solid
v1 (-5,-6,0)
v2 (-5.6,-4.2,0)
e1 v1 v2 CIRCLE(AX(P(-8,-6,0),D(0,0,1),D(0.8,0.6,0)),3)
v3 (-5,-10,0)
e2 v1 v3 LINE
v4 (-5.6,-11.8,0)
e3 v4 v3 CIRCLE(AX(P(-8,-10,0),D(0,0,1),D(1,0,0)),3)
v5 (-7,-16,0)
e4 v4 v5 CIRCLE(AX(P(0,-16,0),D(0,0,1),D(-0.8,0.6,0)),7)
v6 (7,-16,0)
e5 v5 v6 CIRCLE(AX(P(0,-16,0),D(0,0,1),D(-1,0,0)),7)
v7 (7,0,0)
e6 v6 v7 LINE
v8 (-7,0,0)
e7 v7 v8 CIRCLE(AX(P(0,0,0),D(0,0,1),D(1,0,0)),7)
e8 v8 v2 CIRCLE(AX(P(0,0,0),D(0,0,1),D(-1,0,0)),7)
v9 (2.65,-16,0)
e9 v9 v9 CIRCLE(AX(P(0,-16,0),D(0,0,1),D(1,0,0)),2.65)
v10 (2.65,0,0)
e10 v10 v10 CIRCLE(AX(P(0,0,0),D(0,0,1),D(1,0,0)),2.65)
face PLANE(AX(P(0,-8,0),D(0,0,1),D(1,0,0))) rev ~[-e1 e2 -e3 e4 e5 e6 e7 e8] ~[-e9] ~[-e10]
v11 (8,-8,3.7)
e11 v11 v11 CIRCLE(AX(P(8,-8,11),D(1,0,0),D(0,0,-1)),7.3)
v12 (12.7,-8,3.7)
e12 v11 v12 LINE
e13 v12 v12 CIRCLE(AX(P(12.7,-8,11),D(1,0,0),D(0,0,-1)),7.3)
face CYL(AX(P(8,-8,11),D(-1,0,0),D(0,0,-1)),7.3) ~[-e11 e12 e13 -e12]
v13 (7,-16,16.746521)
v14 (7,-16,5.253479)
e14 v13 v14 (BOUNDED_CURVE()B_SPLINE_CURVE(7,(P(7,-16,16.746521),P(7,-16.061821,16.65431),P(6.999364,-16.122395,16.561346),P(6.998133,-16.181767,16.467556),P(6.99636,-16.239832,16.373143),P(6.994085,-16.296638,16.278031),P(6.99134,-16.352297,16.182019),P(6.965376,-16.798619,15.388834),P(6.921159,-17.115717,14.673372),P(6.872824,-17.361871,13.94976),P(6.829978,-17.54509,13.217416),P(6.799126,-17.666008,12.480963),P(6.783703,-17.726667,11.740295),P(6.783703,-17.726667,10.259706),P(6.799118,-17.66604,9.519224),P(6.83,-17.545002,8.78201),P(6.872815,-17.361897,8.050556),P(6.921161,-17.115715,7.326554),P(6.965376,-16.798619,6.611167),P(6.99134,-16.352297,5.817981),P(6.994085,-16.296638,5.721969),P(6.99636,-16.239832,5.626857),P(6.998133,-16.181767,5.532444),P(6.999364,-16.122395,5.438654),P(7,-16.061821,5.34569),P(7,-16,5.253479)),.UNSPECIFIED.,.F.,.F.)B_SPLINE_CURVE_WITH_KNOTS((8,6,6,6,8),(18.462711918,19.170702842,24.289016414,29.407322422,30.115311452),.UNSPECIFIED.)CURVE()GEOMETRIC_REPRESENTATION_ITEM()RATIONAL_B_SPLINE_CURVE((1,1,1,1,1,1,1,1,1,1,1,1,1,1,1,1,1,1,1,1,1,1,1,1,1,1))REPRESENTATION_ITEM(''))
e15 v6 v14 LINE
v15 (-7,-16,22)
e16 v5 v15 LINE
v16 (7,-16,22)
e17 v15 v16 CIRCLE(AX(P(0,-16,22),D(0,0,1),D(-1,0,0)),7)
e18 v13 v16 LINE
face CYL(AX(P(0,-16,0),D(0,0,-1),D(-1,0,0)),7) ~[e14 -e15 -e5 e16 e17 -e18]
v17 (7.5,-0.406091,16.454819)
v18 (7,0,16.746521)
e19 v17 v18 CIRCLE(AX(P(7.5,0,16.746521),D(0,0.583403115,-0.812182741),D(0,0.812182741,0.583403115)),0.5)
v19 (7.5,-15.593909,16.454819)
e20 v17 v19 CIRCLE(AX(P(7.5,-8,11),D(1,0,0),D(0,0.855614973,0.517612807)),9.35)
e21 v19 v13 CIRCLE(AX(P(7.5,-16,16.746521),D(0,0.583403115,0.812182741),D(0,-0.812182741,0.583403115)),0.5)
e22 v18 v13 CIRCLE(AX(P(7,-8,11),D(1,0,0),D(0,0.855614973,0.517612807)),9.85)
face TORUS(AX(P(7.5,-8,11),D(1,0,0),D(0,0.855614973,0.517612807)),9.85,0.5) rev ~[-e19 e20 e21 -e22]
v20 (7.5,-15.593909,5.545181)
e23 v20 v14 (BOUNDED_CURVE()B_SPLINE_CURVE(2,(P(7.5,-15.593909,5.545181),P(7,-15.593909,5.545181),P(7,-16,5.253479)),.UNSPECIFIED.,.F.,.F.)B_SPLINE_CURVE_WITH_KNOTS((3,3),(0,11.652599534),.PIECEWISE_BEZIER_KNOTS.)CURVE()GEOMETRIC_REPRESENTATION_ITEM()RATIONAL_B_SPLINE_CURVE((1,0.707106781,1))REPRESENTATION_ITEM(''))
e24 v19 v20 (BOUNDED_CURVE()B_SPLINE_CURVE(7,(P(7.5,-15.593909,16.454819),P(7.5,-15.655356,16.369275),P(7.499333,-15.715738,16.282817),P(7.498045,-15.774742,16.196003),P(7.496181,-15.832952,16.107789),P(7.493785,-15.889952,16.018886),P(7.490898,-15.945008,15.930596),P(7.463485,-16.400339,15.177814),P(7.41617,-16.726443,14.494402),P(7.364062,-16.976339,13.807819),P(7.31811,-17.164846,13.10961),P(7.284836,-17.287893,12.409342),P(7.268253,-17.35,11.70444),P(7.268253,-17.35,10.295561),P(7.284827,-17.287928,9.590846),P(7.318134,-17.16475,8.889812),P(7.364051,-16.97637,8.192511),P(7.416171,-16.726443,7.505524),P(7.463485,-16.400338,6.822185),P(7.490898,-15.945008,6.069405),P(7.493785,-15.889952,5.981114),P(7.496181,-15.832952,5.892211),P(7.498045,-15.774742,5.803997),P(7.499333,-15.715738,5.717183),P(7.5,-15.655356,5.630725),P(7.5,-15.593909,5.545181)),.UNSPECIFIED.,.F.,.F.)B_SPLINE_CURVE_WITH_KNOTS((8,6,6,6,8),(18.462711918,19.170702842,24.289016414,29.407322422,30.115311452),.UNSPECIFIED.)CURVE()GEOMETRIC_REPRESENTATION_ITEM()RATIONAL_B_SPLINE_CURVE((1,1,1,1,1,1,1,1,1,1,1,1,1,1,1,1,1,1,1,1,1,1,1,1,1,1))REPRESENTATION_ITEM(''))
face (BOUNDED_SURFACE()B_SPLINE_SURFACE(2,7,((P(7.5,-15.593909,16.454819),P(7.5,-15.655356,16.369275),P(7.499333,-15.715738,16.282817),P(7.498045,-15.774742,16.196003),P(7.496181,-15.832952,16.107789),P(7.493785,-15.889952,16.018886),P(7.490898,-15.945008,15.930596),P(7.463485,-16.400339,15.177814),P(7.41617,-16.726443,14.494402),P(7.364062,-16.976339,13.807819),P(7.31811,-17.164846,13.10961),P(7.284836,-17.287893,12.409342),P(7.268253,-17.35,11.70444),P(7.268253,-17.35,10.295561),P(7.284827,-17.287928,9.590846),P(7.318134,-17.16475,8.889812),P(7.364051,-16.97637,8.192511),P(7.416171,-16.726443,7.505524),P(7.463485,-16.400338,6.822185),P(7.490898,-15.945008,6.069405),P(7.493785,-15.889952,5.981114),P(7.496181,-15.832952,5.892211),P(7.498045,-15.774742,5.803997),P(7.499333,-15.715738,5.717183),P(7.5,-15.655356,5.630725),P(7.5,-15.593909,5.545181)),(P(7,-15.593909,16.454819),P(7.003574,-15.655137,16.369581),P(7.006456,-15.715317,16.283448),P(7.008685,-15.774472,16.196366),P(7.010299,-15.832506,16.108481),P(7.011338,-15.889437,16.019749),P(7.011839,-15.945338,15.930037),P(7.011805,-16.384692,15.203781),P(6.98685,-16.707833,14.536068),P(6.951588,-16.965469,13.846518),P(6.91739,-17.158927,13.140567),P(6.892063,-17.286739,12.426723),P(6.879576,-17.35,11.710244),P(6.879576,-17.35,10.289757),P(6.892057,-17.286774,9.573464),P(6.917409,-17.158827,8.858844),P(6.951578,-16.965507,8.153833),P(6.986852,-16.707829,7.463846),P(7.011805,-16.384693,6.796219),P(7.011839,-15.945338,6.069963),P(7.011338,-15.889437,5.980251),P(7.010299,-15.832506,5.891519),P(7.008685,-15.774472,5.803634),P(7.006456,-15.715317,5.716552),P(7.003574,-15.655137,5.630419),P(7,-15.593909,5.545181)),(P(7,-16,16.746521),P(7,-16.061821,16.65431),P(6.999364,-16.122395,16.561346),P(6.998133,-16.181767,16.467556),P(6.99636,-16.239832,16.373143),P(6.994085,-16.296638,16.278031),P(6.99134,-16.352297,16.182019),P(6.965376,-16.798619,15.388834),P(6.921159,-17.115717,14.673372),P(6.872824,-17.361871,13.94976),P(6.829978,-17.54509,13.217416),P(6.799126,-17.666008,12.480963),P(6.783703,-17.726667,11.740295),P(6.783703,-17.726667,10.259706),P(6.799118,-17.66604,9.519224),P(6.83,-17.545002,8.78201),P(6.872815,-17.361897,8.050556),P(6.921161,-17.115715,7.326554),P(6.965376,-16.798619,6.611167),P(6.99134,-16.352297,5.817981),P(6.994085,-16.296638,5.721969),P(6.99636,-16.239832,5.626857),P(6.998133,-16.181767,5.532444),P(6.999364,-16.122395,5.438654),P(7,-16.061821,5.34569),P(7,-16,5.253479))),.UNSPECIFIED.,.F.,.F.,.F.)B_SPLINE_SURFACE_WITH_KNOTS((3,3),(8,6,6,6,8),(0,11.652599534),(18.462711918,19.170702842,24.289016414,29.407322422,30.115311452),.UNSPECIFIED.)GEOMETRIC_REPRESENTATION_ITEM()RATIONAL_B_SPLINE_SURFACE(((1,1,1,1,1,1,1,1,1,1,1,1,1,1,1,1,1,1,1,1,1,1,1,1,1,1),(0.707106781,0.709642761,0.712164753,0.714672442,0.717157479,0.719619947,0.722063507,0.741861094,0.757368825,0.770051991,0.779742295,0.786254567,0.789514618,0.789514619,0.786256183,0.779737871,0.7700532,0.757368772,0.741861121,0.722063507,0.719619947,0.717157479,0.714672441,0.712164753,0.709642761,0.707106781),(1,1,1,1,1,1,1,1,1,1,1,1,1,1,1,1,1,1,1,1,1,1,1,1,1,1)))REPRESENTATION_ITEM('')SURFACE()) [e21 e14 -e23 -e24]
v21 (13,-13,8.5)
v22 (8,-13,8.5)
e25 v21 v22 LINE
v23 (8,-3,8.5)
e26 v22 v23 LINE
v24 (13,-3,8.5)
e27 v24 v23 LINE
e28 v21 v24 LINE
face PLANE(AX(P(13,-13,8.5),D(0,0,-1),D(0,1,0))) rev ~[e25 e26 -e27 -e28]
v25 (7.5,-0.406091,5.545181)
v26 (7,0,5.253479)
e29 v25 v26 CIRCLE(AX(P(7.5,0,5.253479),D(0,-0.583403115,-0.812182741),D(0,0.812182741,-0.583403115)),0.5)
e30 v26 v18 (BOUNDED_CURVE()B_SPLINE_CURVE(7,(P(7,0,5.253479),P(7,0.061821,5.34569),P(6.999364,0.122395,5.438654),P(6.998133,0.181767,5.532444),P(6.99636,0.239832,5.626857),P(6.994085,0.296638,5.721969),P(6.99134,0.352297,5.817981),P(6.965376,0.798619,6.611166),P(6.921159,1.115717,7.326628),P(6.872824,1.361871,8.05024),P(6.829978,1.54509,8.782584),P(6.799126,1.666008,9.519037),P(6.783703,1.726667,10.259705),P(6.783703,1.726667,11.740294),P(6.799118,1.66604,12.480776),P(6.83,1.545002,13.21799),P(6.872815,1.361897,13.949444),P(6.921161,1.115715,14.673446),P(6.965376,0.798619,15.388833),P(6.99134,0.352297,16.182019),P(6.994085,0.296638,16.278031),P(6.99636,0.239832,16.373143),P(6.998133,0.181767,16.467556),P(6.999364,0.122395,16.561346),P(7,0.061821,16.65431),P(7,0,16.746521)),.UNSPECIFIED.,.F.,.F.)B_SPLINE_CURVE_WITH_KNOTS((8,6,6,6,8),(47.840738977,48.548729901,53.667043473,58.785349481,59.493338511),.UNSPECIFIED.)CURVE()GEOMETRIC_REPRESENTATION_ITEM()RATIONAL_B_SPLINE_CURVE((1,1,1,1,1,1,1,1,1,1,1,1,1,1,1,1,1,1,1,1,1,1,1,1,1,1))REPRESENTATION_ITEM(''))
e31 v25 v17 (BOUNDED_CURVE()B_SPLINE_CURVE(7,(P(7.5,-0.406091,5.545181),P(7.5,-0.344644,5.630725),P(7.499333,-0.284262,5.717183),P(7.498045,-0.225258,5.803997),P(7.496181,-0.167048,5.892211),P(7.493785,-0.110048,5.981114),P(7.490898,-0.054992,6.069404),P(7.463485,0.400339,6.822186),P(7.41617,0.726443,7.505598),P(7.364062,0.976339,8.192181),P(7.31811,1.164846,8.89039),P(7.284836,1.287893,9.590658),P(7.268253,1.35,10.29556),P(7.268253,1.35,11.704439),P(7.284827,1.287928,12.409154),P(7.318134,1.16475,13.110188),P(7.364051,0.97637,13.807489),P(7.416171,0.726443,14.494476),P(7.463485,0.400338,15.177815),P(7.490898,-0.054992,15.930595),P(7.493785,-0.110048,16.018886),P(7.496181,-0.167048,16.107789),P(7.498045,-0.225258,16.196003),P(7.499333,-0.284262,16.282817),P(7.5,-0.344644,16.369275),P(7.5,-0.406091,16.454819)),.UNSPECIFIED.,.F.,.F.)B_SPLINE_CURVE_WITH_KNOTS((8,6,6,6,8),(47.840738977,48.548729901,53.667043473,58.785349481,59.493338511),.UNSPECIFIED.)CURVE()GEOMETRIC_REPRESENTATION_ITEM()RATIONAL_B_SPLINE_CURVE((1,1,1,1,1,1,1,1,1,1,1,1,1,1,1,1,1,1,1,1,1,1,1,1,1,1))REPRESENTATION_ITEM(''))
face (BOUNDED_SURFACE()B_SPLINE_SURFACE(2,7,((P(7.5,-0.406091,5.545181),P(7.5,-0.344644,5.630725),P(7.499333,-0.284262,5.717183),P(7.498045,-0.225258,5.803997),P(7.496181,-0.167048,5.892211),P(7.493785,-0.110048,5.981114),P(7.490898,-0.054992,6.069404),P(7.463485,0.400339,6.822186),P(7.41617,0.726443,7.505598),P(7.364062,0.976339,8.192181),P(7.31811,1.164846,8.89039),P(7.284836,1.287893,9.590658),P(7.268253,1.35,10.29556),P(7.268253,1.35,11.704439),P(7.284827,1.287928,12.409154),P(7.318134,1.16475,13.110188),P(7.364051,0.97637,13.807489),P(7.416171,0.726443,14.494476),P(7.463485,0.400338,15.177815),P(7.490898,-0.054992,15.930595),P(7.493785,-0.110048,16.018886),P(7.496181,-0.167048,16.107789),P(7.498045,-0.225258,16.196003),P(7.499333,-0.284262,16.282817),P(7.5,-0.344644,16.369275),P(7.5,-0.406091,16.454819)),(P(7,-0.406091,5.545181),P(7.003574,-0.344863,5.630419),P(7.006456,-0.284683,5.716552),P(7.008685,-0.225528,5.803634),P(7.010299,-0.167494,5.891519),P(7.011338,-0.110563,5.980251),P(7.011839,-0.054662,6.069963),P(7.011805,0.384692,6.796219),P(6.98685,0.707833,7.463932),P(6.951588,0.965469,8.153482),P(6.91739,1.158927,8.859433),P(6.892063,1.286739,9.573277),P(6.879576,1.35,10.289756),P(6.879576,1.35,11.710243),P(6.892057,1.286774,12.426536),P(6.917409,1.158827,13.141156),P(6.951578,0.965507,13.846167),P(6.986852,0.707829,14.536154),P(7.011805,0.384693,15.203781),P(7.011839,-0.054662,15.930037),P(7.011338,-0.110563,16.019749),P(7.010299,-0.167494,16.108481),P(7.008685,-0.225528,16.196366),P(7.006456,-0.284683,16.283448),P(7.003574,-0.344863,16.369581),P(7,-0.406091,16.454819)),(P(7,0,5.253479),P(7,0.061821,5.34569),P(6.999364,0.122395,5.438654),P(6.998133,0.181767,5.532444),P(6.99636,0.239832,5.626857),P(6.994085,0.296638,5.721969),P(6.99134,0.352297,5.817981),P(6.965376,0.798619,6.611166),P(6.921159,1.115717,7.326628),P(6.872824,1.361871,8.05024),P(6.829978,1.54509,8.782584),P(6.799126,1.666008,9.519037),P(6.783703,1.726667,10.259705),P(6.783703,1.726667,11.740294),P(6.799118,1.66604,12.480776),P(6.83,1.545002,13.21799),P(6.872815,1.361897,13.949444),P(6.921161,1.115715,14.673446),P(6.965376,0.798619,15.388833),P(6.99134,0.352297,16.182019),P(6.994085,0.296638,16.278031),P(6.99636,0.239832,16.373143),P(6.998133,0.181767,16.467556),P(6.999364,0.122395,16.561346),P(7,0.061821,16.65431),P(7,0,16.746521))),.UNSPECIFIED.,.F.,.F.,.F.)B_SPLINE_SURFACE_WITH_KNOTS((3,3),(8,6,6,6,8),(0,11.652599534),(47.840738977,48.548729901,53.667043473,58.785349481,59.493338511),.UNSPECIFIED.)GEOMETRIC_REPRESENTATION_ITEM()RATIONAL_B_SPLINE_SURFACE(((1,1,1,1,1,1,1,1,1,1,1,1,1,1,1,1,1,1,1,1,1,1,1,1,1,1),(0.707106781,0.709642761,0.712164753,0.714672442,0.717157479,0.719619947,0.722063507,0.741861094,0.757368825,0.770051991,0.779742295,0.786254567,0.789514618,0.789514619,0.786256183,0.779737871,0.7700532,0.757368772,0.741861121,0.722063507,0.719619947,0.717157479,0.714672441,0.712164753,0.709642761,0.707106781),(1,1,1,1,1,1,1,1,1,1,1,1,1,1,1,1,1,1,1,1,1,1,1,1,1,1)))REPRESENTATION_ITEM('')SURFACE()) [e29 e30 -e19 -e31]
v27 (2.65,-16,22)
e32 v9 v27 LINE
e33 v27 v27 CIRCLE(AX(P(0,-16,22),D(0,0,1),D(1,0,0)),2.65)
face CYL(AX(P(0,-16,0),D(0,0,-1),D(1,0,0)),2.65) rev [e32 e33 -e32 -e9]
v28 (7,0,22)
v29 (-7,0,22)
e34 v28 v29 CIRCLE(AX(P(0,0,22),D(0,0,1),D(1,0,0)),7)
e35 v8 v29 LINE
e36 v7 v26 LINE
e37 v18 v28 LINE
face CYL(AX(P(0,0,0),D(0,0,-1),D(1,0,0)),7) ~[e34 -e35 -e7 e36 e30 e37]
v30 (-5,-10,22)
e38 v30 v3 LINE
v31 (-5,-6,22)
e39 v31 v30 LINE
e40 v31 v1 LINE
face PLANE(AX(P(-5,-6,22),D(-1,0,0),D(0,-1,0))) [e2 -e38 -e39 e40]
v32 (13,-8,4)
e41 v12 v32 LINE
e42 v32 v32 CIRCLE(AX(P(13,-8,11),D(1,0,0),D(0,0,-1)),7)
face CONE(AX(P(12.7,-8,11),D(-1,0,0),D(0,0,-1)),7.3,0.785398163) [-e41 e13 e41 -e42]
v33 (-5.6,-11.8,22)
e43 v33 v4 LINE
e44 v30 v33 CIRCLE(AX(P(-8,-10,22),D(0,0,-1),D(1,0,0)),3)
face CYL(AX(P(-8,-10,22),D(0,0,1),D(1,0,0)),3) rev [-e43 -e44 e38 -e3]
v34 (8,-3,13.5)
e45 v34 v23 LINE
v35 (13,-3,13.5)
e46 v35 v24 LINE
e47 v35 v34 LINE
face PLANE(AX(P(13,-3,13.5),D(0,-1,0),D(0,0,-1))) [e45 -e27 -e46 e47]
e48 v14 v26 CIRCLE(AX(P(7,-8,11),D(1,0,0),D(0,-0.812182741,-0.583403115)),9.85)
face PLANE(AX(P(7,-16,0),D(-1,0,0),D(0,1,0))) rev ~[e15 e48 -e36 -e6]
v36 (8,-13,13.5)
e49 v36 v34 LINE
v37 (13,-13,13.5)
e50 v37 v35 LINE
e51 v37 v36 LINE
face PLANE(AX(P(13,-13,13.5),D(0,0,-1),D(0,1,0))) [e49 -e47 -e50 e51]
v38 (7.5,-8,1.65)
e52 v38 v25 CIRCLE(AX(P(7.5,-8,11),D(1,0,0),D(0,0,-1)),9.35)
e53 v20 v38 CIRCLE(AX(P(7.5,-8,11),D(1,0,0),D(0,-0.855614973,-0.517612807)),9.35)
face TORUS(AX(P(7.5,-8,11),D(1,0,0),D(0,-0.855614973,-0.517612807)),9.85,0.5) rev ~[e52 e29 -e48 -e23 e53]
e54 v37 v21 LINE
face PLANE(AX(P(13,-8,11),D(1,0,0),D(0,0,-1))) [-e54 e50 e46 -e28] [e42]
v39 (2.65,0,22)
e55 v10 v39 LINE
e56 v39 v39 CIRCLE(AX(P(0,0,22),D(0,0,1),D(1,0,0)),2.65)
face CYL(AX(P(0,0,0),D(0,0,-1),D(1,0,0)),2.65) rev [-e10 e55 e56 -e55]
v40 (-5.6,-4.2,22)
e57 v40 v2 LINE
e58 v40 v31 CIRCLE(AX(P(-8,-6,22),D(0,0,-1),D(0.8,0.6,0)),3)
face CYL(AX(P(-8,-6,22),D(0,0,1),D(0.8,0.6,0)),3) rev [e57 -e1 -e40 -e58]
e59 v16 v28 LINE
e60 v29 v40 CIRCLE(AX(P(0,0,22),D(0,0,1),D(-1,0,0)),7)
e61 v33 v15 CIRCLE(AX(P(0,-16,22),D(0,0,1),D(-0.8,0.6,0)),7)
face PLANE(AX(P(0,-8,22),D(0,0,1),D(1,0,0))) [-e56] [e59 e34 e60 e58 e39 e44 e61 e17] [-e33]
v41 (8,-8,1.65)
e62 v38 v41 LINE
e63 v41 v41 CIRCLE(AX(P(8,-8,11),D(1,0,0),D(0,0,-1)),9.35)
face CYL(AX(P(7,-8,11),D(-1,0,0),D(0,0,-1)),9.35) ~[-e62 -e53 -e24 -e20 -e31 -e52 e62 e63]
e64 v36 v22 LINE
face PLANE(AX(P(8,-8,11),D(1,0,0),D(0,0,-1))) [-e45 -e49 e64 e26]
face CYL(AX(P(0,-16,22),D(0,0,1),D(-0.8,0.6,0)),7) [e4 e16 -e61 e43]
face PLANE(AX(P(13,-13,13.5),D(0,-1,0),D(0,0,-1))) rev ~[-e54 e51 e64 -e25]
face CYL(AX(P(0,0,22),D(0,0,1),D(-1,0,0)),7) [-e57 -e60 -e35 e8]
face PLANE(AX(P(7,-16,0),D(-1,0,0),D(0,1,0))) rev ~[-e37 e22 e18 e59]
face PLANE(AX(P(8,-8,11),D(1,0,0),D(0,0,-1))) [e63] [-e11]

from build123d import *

# Parameters (mm, degrees)
SKETCH_1_R           = 2.65
EXTRUDE_1_DEPTH      = 22
CUT_EXTRUDE_1_DEPTH  = 23
SKETCH_3_R           = 9.35
EXTRUDE_2_DEPTH      = 1
EXTRUDE_2_DEPTH_BACK = 1
SKETCH_4_R           = 7.3
EXTRUDE_3_DEPTH      = 5
CHAMFER_1_SIZE       = 0.3
SKETCH_5_W           = 5
SKETCH_5_H           = 10
CUT_EXTRUDE_2_DEPTH  = 5
FILLET_1_R           = 0.5


with BuildPart() as part:
    # 草图1 → 凸台-拉伸1 (new body)
    with BuildSketch(Plane.XY):
        with BuildLine():
            Line((-7, 0), (-7, -16))
            ThreePointArc((-7, -16), (0, -23), (7, -16))
            Line((7, -16), (7, 0))
            ThreePointArc((7, 0), (0, 7), (-7, 0))
        make_face()
        Circle(SKETCH_1_R, mode=Mode.SUBTRACT)
        with Locations((0, -16)):
            Circle(SKETCH_1_R, mode=Mode.SUBTRACT)
    extrude(amount=EXTRUDE_1_DEPTH)

    # 草图2 → 切除-拉伸1 (cut, through all)
    with BuildSketch(Plane.XY.offset(22)):
        with BuildLine():
            Line((-5, -6), (-5, -10))
            ThreePointArc((-5, -10), (-5.153950106, -10.948683298), (-5.6, -11.8))
            ThreePointArc((-5.6, -11.8), (-6.640783086, -13.786405638), (-7, -16))
            Line((-7, -16), (-7, 0))
            ThreePointArc((-7, 0), (-6.640783086, -2.213594362), (-5.6, -4.2))
            ThreePointArc((-5.6, -4.2), (-5.153950106, -5.051316702), (-5, -6))
        make_face()
    extrude(amount=-CUT_EXTRUDE_1_DEPTH, mode=Mode.SUBTRACT)

    # 草图3 → 凸台-拉伸2 (add, two sides)
    with BuildSketch(Plane(origin=(7, 0, 0), x_dir=(0, 0, -1), z_dir=(1, 0, 0))) as extrude_2_sk:
        with Locations((-11, -8)):
            Circle(SKETCH_3_R)
    extrude(amount=EXTRUDE_2_DEPTH)
    extrude(extrude_2_sk.sketch, amount=-EXTRUDE_2_DEPTH_BACK)

    # 草图4 → 凸台-拉伸3 (add)
    with BuildSketch(Plane(origin=(8, 0, 0), x_dir=(0, 0, -1), z_dir=(1, 0, 0))):
        with Locations((-11, -8)):
            Circle(SKETCH_4_R)
    extrude(amount=EXTRUDE_3_DEPTH)

    # 倒角1
    chamfer_1_edges = [part.edges().sort_by_distance(p)[0] for p in [
        (13, -8, 18.3),
    ]]
    chamfer(chamfer_1_edges, length=CHAMFER_1_SIZE)

    # 草图5 → 切除-拉伸2 (cut)
    with BuildSketch(Plane(origin=(13, 0, 0), x_dir=(0, 0, -1), z_dir=(1, 0, 0))):
        with Locations((-11, -8)):
            Rectangle(SKETCH_5_W, SKETCH_5_H)
    extrude(amount=-CUT_EXTRUDE_2_DEPTH, mode=Mode.SUBTRACT)

    # 圆角1
    fillet_1_edges = [part.edges().sort_by_distance(p)[0] for p in [
        (7, -8, 20.35),
        (-7, -16, 11),
        (7, -3.408078049, 2.855262264),
        (6.868587919, 1.35, 11),
    ]]
    fillet(fillet_1_edges, radius=FILLET_1_R)


solid = part.part
